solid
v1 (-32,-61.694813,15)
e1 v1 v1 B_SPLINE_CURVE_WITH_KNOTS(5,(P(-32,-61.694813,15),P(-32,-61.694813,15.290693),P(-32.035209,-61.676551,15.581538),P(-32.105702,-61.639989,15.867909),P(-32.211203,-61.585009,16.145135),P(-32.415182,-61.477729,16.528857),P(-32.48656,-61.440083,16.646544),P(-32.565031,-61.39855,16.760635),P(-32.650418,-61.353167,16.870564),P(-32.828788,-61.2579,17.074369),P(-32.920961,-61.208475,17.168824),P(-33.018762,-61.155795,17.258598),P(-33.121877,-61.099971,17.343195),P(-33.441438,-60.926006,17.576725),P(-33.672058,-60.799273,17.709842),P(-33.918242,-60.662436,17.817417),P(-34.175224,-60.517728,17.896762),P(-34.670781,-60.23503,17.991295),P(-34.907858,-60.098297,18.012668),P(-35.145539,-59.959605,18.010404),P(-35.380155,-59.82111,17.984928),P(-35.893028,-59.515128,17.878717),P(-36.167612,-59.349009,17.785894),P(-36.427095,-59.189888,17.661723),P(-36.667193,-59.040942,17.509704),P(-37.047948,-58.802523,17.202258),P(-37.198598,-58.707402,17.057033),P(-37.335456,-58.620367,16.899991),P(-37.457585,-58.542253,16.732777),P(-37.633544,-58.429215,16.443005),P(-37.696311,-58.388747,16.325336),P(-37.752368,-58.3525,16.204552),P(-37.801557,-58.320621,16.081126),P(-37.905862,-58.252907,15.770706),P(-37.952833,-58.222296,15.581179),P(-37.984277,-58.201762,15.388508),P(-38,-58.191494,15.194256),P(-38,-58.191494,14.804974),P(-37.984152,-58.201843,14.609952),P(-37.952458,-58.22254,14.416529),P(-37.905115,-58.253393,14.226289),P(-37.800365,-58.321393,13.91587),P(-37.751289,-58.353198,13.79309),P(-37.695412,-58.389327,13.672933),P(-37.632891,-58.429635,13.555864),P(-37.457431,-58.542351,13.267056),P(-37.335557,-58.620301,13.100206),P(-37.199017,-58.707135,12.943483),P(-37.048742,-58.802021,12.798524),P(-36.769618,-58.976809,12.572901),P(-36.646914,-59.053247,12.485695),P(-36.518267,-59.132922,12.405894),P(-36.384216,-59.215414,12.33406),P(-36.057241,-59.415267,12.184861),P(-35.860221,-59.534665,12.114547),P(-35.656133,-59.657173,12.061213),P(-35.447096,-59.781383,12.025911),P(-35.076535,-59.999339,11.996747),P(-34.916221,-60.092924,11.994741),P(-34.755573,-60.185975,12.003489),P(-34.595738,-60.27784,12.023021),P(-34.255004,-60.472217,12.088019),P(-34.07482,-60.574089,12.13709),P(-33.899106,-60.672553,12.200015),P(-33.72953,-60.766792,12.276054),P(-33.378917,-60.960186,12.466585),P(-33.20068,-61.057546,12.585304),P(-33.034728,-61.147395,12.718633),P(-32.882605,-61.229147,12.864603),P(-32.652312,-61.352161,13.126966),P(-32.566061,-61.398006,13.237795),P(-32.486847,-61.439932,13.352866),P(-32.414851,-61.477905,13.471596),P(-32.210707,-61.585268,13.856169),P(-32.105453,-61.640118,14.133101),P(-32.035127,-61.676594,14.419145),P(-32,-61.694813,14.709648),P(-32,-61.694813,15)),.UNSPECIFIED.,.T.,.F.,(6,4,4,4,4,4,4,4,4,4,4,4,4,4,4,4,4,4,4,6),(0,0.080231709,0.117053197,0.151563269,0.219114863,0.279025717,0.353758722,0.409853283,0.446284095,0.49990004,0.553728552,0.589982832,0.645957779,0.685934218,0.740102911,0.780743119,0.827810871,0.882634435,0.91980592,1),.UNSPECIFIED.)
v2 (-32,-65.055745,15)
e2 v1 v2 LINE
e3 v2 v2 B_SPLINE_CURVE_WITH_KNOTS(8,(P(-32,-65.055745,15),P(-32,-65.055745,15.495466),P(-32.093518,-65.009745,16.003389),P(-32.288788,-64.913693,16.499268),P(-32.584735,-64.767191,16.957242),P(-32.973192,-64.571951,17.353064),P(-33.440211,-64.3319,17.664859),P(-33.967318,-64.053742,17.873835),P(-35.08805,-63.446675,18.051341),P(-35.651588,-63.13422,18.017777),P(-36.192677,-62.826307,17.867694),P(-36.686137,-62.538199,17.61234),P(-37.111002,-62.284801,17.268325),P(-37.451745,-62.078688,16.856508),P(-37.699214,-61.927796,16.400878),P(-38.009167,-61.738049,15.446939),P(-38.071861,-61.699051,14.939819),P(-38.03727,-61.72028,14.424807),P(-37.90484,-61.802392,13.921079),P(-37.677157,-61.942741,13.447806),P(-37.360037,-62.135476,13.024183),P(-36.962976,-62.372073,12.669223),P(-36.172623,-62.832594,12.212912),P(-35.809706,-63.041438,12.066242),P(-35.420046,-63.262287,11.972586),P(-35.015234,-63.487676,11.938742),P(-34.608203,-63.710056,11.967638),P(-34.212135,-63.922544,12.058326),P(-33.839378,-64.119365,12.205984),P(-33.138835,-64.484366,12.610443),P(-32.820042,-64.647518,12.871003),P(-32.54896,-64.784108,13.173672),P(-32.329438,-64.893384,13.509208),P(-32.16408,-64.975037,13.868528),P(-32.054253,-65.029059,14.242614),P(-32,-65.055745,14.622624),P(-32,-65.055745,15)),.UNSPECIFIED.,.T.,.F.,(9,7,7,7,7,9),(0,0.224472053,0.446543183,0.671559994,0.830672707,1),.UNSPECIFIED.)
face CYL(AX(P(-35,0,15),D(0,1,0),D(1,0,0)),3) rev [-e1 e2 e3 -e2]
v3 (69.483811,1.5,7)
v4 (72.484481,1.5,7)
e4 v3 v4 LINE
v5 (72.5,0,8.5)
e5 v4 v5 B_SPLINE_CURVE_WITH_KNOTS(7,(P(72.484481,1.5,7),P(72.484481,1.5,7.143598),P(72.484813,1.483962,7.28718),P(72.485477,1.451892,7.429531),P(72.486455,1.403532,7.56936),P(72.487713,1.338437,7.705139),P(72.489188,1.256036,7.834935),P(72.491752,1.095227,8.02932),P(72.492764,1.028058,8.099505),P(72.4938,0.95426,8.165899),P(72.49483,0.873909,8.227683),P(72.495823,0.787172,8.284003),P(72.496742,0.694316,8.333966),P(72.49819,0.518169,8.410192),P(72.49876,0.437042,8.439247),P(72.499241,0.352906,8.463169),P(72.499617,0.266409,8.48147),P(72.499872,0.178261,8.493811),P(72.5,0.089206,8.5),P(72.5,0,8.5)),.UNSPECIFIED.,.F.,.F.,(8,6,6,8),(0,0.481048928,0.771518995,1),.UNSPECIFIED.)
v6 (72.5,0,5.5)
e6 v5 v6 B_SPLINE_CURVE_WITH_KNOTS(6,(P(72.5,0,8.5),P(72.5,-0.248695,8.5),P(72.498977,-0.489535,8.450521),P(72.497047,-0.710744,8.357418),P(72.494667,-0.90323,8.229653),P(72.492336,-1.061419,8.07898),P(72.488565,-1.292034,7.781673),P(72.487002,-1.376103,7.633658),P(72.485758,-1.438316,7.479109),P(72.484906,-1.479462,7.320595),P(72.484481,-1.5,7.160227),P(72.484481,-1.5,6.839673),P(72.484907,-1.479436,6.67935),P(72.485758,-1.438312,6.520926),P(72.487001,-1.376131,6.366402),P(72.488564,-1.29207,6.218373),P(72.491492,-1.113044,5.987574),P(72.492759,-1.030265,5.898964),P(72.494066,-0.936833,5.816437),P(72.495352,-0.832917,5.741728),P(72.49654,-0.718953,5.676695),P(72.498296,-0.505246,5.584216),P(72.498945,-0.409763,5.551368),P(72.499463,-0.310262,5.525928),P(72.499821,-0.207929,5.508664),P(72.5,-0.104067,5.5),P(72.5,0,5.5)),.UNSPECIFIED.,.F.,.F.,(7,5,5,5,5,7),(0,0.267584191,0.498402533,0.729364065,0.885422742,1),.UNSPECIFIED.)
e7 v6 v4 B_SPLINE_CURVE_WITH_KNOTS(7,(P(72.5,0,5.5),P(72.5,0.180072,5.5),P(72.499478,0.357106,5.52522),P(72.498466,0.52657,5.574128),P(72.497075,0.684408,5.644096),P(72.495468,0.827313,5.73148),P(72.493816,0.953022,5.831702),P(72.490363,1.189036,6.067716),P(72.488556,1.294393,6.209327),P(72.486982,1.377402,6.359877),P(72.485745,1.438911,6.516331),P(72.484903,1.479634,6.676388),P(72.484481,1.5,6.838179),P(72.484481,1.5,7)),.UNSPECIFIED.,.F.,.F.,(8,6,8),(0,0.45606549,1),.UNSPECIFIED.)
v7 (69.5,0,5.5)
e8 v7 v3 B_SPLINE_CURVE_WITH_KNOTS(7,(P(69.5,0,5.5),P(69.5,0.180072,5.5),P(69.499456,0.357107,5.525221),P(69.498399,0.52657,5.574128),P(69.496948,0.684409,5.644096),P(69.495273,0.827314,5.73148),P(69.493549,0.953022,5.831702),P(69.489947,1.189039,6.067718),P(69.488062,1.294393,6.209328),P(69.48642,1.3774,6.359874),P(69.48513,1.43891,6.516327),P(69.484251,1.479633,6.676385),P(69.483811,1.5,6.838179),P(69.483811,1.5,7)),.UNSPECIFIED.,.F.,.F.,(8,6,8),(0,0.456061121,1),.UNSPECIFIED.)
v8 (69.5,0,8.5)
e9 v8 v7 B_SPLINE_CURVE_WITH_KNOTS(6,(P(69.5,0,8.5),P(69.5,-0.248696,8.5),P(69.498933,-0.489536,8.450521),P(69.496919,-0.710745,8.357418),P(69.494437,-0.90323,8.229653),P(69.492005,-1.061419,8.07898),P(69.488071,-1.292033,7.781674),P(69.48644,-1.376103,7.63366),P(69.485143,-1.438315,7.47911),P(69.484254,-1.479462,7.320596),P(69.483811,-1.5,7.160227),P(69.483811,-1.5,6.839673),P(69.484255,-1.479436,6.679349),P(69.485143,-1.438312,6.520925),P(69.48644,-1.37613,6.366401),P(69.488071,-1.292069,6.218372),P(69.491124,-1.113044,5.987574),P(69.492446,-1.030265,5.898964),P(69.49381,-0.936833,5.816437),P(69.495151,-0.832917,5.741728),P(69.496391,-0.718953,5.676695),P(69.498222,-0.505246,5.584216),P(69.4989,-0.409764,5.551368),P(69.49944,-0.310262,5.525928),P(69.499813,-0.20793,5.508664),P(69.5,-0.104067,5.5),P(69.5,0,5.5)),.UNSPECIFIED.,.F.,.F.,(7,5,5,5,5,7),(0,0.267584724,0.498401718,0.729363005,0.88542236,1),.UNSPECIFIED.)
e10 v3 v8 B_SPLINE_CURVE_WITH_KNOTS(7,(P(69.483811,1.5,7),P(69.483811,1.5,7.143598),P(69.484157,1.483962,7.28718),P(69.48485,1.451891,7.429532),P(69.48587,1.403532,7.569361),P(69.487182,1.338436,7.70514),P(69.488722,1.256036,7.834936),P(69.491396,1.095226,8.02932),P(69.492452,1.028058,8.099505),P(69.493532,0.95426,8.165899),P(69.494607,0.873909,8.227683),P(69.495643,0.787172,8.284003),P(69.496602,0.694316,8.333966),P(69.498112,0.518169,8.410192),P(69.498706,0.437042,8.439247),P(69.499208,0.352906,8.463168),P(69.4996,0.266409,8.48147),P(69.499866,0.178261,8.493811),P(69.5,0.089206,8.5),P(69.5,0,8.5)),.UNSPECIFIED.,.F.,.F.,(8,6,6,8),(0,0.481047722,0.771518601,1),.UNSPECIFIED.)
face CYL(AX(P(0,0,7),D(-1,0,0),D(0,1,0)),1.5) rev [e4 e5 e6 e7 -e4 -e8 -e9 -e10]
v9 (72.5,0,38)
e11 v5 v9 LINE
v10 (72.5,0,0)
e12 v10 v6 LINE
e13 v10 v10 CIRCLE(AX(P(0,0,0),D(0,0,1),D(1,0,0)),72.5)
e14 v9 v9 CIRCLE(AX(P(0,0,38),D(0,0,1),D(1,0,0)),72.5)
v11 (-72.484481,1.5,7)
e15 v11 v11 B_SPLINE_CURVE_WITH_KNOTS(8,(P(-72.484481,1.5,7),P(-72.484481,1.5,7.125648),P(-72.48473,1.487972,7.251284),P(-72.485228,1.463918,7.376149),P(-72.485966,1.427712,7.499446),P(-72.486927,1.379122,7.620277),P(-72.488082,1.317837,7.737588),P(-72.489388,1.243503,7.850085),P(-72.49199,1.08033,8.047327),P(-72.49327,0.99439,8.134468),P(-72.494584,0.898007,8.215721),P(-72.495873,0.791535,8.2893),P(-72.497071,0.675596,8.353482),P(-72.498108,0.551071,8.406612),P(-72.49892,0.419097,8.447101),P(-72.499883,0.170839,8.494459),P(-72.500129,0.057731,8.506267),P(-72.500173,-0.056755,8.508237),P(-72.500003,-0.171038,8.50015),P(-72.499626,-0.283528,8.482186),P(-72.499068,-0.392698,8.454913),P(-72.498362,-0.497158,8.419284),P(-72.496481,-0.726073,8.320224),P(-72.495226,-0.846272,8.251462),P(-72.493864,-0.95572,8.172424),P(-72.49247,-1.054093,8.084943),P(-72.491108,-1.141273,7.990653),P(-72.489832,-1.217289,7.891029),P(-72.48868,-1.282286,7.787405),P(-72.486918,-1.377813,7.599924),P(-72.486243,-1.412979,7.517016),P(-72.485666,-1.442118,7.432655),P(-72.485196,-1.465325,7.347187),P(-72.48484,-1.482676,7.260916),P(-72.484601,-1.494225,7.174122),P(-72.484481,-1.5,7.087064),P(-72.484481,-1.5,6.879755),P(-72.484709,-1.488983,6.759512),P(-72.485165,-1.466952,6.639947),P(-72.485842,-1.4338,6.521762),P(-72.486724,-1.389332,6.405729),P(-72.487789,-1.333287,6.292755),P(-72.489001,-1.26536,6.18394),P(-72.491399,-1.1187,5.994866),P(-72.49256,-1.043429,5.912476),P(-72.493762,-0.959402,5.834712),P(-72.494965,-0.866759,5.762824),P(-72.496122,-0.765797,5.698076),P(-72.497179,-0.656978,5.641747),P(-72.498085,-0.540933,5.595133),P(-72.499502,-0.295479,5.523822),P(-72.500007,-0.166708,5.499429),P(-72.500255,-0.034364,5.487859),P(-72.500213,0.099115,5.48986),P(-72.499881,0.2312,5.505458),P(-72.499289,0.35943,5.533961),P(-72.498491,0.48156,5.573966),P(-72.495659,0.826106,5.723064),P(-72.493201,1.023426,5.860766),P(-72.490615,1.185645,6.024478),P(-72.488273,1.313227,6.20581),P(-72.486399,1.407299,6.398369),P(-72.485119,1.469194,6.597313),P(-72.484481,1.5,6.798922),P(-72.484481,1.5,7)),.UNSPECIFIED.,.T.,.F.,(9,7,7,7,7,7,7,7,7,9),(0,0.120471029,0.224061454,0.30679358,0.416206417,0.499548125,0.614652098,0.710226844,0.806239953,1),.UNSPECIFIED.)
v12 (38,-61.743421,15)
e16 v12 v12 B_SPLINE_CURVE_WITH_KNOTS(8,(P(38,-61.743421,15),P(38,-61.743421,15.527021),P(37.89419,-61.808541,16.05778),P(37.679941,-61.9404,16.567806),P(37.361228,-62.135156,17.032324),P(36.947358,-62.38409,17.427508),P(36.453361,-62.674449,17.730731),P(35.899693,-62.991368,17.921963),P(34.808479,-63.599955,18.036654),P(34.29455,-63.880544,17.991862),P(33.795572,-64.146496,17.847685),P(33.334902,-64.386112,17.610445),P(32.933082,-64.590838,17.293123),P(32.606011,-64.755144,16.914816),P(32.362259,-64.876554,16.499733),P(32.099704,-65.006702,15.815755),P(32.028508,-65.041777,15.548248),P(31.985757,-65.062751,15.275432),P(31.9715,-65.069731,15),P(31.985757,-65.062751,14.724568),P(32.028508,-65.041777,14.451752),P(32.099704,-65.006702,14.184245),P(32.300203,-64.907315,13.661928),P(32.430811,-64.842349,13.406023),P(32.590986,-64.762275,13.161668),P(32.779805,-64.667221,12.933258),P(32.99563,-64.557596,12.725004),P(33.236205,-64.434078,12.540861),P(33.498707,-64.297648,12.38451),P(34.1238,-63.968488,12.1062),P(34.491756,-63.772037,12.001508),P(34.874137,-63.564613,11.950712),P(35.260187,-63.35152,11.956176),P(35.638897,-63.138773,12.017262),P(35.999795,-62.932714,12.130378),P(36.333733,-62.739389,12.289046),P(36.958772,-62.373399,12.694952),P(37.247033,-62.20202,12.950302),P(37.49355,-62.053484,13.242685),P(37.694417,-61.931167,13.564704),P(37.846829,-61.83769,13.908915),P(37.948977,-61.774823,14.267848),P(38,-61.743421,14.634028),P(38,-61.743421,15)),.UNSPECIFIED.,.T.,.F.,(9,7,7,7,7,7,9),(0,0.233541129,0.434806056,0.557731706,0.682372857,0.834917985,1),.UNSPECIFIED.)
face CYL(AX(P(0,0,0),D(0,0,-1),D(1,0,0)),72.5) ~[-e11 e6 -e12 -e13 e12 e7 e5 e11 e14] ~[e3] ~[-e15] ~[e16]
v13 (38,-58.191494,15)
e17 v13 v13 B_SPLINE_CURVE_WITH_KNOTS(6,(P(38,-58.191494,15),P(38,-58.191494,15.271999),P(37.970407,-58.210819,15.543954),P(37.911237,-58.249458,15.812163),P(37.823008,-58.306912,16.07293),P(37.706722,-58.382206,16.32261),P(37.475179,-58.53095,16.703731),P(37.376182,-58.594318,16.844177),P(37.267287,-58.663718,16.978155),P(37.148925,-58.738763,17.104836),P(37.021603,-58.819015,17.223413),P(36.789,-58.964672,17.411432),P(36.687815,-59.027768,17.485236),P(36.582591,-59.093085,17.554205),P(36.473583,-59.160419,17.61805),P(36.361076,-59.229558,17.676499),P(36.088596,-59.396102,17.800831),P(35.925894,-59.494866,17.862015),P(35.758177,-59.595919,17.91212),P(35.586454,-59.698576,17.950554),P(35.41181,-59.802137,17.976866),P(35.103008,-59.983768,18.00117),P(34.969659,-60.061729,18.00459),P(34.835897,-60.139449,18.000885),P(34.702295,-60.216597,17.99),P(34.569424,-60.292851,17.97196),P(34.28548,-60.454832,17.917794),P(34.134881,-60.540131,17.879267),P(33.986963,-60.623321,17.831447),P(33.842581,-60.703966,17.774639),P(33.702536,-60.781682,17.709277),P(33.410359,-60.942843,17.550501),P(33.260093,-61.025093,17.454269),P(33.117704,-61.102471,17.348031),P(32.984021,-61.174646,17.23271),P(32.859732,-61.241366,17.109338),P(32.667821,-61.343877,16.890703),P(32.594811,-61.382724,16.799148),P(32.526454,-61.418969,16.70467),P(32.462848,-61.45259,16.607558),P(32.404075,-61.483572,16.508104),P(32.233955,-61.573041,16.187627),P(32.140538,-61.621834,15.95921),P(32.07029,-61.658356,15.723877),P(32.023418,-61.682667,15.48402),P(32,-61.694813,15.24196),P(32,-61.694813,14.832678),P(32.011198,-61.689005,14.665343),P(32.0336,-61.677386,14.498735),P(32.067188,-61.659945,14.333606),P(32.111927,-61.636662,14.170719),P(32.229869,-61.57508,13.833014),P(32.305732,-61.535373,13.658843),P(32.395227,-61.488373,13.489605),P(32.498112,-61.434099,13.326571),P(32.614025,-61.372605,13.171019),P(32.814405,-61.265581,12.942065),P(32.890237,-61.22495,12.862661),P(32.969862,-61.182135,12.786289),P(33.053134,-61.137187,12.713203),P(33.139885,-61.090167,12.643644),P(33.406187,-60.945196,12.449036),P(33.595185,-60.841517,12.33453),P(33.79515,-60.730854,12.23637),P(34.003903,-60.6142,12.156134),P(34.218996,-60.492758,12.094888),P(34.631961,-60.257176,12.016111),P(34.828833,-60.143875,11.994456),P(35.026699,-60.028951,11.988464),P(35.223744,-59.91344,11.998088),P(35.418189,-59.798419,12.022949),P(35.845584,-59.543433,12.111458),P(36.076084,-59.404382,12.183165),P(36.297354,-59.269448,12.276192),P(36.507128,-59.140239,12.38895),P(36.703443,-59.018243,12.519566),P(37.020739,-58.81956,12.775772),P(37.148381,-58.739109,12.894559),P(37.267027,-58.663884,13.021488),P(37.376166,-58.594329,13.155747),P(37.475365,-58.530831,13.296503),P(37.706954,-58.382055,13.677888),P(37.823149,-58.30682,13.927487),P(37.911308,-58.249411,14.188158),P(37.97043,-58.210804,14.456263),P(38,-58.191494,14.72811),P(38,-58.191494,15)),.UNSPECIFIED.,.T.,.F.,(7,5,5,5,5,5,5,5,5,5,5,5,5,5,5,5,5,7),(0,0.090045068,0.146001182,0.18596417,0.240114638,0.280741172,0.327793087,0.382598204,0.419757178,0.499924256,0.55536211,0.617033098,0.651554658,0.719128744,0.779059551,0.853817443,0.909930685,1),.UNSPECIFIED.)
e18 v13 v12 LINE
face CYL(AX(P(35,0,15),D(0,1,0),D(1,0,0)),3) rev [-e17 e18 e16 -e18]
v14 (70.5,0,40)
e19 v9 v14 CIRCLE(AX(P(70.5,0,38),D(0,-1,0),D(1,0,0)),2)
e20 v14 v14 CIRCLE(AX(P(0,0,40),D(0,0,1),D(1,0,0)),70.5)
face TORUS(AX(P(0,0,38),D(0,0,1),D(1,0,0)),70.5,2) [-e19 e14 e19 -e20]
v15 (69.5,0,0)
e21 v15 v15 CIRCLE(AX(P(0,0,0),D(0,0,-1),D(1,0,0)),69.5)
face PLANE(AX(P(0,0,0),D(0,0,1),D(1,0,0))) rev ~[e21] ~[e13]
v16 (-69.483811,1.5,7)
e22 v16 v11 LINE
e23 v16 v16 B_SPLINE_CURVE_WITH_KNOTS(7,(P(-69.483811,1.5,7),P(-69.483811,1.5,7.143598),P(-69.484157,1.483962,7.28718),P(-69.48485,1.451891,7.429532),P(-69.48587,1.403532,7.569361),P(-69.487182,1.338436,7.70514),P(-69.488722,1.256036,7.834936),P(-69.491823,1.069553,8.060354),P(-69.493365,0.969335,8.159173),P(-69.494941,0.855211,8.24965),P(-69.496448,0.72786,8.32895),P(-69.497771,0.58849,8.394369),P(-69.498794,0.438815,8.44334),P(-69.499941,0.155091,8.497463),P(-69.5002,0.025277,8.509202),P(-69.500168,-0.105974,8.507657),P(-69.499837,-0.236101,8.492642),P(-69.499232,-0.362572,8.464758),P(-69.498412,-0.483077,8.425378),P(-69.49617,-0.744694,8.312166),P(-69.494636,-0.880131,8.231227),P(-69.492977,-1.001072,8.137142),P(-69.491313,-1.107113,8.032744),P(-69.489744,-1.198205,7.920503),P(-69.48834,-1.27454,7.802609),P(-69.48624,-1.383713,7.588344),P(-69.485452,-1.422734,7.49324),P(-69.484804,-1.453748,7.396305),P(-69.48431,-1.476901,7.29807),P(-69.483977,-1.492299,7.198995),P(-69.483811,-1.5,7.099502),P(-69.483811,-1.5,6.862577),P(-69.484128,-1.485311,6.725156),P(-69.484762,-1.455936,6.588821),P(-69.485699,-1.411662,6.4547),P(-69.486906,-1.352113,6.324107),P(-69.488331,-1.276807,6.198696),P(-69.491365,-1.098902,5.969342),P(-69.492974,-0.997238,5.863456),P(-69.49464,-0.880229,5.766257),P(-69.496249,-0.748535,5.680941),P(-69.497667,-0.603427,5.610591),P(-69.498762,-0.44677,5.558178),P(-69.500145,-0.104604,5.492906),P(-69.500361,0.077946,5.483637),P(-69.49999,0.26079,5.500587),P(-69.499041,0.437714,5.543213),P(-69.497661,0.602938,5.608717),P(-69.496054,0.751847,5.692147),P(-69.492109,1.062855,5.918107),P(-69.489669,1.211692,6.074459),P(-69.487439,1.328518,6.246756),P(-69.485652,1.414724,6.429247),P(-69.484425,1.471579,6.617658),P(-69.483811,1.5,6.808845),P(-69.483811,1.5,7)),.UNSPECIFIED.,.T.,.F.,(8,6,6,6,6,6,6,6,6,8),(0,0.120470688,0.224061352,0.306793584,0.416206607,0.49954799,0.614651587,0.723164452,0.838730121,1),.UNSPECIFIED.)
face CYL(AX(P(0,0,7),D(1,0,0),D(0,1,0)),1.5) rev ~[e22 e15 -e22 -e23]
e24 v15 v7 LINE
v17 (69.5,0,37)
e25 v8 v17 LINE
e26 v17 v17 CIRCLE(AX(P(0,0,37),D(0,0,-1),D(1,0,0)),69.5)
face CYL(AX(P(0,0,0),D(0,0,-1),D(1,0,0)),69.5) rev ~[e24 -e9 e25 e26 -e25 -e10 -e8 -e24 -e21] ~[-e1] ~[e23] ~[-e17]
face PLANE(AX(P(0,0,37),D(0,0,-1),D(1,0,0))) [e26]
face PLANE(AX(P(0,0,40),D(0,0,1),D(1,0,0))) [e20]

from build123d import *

# Parameters (mm, degrees)
F0_R          = 72.5
F1_DEPTH      = 40
F2_R          = 69.5
F3_DEPTH      = 37
F4_R          = 3
F5_DEPTH      = 72.501
F6_R          = 1.5
F7_DEPTH      = 72.5010001
F7_DEPTH_BACK = 72.5010001
F8_R          = 2


with BuildPart() as f1:
    # F0 (on Top) → F1 (new body)
    with BuildSketch(Plane.XY):
        Circle(F0_R)
    extrude(amount=F1_DEPTH)

    # F2 (on face) → F3 (cut)
    with BuildSketch(Plane(origin=(0, 0, 0), x_dir=(1, 0, 0), z_dir=(0, 0, -1))):
        Circle(F2_R)
    extrude(amount=-F3_DEPTH, mode=Mode.SUBTRACT)

    # F4 (on Front) → F5 (cut, through all)
    with BuildSketch(Plane.XZ):
        with Locations((35, 15)):
            Circle(F4_R)
        with Locations((-35, 15)):
            Circle(F4_R)
    extrude(amount=F5_DEPTH, mode=Mode.SUBTRACT)

    # F6 (on Right) → F7 (cut, two sides)
    with BuildSketch(Plane.YZ) as f7_sk:
        with Locations((0, 7)):
            Circle(F6_R)
    extrude(amount=-F7_DEPTH, mode=Mode.SUBTRACT)
    extrude(f7_sk.sketch, amount=F7_DEPTH_BACK, mode=Mode.SUBTRACT)

    # F8
    f8_edges = [f1.edges().sort_by_distance(p)[0] for p in [
        (-72.5, 0, 40),
    ]]
    fillet(f8_edges, radius=F8_R)


solid = f1.part
